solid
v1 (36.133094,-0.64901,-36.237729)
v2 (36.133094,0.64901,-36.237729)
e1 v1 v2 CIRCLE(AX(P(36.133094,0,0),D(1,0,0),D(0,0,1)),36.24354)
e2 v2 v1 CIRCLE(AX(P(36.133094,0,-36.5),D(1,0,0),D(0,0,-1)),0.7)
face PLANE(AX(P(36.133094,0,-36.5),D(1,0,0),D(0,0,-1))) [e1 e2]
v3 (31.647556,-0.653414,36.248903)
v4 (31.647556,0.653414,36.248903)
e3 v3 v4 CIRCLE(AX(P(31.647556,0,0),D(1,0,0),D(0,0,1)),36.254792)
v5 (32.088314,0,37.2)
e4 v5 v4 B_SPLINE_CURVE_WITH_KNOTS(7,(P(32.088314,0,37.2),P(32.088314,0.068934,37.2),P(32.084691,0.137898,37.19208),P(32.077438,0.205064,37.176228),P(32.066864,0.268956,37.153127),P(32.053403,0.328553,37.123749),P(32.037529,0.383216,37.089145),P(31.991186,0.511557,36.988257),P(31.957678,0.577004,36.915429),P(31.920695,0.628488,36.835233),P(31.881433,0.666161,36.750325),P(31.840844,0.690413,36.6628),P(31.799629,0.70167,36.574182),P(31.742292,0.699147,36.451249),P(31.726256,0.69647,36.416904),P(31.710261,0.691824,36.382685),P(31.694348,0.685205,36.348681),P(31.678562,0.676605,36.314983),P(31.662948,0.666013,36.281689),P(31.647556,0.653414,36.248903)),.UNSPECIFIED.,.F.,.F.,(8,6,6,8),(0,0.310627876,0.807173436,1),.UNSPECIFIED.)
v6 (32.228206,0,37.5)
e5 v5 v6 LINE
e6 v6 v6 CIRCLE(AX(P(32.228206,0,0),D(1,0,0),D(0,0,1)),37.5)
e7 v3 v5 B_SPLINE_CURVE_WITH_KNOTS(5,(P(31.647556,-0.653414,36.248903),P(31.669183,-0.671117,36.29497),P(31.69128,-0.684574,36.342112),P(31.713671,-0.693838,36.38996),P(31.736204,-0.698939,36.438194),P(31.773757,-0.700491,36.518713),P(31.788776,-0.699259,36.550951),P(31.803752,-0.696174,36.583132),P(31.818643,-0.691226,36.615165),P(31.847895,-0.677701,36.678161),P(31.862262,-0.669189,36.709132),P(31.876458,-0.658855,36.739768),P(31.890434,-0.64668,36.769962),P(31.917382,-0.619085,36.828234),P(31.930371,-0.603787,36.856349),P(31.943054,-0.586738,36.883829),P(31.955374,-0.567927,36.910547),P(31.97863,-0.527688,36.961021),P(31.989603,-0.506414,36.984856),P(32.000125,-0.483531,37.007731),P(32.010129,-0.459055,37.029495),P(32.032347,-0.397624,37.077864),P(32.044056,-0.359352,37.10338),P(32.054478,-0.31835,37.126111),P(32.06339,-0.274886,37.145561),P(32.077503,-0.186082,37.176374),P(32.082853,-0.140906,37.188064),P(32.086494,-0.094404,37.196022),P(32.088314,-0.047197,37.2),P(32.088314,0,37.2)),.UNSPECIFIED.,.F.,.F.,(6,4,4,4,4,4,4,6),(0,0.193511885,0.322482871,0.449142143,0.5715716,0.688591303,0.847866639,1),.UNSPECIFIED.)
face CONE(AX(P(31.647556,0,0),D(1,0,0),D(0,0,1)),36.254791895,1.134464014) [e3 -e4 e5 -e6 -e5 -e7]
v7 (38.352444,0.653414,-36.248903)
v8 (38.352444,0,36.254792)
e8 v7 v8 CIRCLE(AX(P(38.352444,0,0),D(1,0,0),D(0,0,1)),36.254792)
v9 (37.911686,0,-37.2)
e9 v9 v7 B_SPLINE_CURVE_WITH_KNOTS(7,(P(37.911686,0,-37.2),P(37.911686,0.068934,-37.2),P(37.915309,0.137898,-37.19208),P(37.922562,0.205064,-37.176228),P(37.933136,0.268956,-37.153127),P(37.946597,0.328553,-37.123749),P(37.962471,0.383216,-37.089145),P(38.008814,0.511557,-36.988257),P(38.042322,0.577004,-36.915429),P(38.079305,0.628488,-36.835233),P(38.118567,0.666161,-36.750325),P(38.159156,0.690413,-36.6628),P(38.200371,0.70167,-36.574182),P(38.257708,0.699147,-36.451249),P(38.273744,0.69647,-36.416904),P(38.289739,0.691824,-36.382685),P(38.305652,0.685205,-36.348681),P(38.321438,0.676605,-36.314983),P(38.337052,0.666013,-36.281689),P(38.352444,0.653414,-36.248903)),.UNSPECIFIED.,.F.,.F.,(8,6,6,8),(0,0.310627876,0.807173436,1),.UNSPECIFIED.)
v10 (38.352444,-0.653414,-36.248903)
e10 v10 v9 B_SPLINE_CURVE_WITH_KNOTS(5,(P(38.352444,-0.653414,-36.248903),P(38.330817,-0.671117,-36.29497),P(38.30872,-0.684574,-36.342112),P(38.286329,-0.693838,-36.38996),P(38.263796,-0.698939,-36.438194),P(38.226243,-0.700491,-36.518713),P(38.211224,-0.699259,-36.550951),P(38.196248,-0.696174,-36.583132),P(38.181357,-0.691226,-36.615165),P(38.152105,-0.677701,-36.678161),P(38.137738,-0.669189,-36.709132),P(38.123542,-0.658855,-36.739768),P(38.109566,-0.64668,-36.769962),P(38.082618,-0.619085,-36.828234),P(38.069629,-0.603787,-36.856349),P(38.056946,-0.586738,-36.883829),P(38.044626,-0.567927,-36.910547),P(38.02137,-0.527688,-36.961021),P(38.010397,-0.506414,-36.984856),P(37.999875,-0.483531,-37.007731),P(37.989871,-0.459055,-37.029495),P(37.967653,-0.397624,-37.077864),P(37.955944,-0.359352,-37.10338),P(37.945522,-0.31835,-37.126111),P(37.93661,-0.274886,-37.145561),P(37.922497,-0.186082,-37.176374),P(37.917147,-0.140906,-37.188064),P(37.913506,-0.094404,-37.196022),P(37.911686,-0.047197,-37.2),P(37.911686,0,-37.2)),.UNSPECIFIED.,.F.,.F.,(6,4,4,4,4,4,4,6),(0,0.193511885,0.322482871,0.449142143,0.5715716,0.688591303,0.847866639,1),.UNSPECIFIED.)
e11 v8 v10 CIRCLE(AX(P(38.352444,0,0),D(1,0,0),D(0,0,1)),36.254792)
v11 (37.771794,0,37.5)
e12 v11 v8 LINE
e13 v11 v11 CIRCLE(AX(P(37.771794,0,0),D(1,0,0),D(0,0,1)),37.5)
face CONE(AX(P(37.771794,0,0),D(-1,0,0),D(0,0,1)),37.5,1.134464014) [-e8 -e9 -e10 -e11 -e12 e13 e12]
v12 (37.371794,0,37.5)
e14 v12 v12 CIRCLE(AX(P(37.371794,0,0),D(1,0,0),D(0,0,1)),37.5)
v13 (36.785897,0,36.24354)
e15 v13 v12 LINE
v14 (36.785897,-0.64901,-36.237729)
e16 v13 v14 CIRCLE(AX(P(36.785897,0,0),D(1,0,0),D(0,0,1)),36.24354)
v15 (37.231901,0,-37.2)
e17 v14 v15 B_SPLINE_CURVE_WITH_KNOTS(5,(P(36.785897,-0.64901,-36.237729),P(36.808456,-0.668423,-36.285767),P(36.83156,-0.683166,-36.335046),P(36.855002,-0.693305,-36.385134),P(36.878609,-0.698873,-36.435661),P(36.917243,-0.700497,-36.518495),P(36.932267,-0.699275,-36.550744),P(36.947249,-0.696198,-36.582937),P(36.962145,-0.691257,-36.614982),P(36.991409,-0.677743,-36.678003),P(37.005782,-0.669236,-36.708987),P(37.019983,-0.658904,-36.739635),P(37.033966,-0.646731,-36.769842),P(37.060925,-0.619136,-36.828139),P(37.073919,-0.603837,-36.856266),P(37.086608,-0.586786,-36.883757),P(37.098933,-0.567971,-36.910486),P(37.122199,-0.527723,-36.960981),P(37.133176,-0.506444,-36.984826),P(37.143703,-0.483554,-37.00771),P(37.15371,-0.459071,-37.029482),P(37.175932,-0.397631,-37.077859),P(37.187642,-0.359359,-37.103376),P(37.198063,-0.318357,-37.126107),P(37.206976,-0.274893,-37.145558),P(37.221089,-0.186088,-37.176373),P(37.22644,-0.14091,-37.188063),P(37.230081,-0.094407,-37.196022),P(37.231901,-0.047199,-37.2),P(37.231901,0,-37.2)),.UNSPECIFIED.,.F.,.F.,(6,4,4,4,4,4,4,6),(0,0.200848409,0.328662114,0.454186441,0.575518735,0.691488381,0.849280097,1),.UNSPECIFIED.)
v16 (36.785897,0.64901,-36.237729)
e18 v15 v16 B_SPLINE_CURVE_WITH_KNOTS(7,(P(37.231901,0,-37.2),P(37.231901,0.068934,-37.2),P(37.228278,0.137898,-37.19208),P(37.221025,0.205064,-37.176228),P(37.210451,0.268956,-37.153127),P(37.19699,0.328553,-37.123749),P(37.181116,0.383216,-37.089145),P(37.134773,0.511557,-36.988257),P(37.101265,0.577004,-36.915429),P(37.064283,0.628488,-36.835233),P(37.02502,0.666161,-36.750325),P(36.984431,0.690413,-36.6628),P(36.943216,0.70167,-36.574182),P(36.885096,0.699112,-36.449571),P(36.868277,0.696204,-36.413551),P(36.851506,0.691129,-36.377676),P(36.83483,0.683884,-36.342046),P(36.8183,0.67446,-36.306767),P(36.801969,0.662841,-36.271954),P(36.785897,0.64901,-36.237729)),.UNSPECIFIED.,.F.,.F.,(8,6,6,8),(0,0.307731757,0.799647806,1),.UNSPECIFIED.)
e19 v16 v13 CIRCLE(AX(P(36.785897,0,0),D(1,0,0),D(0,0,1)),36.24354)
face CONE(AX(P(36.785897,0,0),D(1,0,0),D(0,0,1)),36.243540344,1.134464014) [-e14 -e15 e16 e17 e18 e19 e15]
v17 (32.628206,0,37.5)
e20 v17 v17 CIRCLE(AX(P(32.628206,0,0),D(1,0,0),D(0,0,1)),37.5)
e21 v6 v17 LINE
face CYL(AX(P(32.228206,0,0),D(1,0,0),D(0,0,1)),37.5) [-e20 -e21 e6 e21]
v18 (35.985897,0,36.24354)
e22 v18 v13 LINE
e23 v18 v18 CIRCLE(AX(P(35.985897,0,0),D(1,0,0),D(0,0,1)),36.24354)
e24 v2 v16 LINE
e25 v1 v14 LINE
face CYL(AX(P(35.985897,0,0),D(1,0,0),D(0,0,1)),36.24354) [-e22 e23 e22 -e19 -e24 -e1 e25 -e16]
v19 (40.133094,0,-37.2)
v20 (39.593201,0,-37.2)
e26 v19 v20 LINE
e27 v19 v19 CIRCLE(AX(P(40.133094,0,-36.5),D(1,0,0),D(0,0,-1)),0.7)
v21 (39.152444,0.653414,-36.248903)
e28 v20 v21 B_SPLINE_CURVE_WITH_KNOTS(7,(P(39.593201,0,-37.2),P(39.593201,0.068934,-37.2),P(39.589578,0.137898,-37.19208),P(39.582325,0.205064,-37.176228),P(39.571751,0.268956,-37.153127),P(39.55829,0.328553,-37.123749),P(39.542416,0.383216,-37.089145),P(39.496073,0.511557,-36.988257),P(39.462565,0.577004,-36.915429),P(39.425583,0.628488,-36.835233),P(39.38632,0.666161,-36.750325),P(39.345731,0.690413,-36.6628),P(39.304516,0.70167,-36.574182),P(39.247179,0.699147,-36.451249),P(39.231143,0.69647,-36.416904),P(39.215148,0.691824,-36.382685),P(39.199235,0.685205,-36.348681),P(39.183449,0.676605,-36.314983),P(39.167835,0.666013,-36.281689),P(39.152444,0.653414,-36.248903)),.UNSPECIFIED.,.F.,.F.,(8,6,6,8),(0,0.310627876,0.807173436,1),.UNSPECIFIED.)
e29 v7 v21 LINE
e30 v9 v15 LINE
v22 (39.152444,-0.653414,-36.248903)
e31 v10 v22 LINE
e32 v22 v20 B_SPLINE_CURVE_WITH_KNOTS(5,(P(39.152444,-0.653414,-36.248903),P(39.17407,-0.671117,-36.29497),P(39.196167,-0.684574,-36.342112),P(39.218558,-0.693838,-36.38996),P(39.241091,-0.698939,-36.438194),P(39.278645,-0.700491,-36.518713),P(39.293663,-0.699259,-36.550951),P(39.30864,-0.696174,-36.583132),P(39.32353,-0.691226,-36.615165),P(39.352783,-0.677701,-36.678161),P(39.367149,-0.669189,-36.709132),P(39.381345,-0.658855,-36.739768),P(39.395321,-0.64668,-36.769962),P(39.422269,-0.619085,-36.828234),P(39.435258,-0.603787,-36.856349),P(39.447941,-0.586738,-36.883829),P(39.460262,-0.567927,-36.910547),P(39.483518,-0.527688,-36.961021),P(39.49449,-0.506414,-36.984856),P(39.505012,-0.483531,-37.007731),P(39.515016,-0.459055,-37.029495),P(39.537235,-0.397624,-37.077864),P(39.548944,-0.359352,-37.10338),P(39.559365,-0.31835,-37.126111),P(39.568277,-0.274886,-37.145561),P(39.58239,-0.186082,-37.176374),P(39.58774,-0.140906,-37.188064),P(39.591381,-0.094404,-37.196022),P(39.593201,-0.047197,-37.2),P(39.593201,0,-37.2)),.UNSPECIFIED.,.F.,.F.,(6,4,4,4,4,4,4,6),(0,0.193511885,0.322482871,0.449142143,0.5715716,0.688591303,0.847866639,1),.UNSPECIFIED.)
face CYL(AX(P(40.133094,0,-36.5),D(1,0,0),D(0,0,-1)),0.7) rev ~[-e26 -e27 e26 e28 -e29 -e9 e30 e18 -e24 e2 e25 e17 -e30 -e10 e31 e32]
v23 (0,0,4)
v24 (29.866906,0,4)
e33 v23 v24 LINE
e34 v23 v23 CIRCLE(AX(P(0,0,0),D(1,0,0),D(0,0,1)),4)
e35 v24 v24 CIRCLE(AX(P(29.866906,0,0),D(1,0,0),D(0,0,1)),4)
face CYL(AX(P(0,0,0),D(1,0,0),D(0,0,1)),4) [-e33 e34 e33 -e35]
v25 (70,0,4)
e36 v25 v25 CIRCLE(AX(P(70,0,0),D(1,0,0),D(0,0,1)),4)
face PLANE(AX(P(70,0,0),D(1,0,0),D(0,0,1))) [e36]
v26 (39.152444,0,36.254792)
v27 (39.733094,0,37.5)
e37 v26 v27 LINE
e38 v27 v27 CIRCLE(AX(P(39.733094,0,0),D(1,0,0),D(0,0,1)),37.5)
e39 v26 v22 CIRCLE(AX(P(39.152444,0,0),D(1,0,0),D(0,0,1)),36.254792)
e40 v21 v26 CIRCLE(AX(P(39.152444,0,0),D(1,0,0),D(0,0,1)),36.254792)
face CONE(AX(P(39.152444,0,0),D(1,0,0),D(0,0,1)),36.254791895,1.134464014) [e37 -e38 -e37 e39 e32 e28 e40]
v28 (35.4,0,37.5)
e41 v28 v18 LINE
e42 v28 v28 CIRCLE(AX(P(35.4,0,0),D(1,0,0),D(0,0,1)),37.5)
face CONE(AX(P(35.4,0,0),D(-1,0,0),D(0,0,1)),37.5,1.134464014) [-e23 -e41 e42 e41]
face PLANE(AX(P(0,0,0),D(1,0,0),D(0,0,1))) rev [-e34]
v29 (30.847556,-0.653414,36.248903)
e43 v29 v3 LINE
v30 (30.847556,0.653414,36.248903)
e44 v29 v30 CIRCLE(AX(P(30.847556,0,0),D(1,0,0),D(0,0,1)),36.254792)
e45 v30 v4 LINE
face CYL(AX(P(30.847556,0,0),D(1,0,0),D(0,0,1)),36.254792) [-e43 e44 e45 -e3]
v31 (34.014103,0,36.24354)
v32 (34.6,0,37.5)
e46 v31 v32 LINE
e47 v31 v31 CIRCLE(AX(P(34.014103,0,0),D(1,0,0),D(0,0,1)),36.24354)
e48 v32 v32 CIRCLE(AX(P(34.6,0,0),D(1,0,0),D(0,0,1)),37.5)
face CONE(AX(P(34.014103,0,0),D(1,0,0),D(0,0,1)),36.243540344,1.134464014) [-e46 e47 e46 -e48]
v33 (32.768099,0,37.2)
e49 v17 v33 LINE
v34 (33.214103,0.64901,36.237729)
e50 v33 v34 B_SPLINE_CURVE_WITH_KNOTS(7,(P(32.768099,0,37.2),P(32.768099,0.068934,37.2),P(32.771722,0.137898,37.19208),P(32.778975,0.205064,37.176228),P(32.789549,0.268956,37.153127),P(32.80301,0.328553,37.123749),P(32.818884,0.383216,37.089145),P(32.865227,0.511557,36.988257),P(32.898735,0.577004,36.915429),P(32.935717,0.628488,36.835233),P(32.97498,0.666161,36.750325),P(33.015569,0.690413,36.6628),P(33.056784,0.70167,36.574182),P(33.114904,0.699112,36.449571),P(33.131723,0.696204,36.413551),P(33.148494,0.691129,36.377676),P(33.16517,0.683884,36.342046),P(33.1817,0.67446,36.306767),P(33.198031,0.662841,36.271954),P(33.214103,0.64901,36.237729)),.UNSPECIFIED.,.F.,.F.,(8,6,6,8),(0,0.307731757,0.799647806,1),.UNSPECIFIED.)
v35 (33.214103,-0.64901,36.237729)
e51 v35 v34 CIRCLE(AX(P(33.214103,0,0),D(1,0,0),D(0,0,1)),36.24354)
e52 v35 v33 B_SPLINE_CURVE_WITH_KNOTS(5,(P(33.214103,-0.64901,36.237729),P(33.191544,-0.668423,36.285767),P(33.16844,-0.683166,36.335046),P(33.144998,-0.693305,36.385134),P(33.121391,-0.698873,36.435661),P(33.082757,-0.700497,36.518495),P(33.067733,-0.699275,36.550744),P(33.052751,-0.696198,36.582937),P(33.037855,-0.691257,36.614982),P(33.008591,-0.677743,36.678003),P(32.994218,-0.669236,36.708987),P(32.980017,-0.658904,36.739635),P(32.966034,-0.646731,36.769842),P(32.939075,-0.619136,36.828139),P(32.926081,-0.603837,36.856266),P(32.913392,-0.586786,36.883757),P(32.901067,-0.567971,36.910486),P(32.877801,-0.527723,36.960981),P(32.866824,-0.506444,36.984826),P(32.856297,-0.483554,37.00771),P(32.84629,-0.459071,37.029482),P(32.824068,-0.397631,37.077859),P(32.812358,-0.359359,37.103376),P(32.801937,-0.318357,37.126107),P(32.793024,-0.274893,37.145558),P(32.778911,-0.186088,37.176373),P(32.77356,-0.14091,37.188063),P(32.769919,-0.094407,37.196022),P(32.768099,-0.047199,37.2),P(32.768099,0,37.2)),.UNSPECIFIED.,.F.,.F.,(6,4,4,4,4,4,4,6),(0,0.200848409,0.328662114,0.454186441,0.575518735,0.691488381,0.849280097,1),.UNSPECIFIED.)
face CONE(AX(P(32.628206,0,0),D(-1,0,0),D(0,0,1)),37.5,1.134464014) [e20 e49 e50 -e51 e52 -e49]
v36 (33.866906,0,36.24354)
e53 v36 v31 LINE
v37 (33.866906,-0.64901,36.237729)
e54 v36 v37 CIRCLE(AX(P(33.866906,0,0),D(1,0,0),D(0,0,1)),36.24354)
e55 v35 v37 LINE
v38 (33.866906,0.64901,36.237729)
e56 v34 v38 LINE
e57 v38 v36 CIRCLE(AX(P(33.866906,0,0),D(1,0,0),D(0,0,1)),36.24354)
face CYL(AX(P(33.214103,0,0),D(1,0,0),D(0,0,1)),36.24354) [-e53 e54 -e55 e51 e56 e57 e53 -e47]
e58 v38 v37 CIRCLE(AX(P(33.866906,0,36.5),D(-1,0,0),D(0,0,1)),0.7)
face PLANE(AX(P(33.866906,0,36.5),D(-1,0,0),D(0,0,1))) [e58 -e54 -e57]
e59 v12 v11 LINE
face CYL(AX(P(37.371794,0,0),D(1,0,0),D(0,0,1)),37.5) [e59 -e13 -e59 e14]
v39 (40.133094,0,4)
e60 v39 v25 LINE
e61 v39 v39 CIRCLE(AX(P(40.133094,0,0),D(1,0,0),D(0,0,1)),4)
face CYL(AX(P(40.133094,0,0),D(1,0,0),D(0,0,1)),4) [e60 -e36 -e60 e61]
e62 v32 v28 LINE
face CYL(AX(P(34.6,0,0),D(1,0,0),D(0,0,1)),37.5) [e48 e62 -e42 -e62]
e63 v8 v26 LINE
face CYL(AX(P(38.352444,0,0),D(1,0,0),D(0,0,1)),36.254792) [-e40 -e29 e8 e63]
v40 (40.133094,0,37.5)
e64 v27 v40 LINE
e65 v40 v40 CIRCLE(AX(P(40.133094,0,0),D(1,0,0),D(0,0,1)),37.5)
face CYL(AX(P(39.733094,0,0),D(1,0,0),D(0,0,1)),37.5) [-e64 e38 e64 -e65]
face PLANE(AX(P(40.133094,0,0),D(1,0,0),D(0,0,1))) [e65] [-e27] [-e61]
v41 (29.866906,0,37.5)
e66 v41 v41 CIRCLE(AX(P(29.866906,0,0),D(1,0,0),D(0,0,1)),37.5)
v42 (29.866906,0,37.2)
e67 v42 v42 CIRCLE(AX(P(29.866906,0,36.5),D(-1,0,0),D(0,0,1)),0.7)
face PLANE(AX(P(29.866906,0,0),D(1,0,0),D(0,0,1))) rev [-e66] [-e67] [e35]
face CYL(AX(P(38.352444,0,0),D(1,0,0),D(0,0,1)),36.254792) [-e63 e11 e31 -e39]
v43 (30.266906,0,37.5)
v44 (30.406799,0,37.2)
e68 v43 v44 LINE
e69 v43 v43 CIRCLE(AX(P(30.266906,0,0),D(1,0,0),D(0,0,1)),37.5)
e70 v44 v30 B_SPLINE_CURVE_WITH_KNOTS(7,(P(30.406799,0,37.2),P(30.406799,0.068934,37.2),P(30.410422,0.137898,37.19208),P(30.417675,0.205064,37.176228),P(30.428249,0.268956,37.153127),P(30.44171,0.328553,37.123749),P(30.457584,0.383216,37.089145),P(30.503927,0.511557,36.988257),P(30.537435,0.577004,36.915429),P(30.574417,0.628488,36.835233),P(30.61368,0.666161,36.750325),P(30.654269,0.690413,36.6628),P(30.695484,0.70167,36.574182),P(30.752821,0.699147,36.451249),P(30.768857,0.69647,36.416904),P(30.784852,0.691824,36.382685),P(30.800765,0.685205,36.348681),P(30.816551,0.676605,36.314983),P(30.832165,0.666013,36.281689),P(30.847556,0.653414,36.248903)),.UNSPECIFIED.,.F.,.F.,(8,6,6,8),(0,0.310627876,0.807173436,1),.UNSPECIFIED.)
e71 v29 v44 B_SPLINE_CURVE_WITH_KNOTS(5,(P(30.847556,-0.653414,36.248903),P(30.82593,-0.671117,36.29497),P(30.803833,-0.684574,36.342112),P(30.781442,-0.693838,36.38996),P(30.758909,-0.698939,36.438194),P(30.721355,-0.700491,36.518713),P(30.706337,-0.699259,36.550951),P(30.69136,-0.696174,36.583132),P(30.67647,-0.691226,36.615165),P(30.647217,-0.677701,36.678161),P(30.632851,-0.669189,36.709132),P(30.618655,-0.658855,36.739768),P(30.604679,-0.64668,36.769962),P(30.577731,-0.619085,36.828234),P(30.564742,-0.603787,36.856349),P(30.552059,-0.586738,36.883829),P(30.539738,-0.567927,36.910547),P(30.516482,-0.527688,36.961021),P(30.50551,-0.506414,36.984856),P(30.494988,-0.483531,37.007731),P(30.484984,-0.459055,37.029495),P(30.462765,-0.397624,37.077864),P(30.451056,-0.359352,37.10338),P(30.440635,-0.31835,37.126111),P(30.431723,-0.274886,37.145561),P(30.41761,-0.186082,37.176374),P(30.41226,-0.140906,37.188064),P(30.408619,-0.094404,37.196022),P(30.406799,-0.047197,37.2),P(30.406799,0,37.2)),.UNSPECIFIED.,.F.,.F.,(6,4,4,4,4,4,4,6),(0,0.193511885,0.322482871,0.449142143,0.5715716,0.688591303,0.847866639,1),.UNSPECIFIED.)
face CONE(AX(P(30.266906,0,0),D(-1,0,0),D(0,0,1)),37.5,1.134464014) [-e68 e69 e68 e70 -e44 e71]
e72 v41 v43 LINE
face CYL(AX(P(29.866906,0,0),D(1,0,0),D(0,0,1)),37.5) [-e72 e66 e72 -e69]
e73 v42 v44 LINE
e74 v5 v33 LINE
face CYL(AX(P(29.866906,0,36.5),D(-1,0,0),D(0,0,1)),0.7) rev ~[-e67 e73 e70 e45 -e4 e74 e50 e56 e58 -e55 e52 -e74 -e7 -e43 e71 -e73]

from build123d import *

# Parameters (mm, degrees)
SKETCH3_R          = 0.7
CUT_EXTRUDE1_DEPTH = 4
SKETCH2_R          = 0.7
CUT_EXTRUDE2_DEPTH = 4


with BuildPart() as part:
    # Sketch1 → Revolve1 (revolve)
    with BuildSketch(Plane.XY, mode=Mode.PRIVATE) as revolve1_sk:
        Polygon((35.4, 37.5), (35.98589676, 36.243540344), (36.78589676, 36.243540344), (37.37179352, 37.5), (37.77179352, 37.5), (38.352443595, 36.254791895), (39.152443595, 36.254791895), (39.73309367, 37.5), (40.13309367, 37.5), (40.13309367, 4), (70, 4), (70, 0), (0, 0), (0, 4), (29.86690633, 4), (29.86690633, 37.5), (30.26690633, 37.5), (30.847556405, 36.254791895), (31.647556405, 36.254791895), (32.22820648, 37.5), (32.62820648, 37.5), (33.21410324, 36.243540344), (34.01410324, 36.243540344), (34.6, 37.5), align=None)
    revolve(revolve1_sk.sketch.rotate(Axis((0, 0, 0), (1, 0, 0)), 90), axis=Axis((0, 0, 0), (1, 0, 0)))

    # Sketch3 → Cut-Extrude1 (cut)
    with BuildSketch(Plane(origin=(40.13309367, 0, 0), x_dir=(0, 0, -1), z_dir=(1, 0, 0))):
        with Locations((36.5, 0)):
            Circle(SKETCH3_R)
    extrude(amount=-CUT_EXTRUDE1_DEPTH, mode=Mode.SUBTRACT)

    # Sketch2 → Cut-Extrude2 (cut)
    with BuildSketch(Plane.ZY.offset(-29.86690633)):
        with Locations((36.5, 0)):
            Circle(SKETCH2_R)
    extrude(amount=-CUT_EXTRUDE2_DEPTH, mode=Mode.SUBTRACT)


solid = part.part
